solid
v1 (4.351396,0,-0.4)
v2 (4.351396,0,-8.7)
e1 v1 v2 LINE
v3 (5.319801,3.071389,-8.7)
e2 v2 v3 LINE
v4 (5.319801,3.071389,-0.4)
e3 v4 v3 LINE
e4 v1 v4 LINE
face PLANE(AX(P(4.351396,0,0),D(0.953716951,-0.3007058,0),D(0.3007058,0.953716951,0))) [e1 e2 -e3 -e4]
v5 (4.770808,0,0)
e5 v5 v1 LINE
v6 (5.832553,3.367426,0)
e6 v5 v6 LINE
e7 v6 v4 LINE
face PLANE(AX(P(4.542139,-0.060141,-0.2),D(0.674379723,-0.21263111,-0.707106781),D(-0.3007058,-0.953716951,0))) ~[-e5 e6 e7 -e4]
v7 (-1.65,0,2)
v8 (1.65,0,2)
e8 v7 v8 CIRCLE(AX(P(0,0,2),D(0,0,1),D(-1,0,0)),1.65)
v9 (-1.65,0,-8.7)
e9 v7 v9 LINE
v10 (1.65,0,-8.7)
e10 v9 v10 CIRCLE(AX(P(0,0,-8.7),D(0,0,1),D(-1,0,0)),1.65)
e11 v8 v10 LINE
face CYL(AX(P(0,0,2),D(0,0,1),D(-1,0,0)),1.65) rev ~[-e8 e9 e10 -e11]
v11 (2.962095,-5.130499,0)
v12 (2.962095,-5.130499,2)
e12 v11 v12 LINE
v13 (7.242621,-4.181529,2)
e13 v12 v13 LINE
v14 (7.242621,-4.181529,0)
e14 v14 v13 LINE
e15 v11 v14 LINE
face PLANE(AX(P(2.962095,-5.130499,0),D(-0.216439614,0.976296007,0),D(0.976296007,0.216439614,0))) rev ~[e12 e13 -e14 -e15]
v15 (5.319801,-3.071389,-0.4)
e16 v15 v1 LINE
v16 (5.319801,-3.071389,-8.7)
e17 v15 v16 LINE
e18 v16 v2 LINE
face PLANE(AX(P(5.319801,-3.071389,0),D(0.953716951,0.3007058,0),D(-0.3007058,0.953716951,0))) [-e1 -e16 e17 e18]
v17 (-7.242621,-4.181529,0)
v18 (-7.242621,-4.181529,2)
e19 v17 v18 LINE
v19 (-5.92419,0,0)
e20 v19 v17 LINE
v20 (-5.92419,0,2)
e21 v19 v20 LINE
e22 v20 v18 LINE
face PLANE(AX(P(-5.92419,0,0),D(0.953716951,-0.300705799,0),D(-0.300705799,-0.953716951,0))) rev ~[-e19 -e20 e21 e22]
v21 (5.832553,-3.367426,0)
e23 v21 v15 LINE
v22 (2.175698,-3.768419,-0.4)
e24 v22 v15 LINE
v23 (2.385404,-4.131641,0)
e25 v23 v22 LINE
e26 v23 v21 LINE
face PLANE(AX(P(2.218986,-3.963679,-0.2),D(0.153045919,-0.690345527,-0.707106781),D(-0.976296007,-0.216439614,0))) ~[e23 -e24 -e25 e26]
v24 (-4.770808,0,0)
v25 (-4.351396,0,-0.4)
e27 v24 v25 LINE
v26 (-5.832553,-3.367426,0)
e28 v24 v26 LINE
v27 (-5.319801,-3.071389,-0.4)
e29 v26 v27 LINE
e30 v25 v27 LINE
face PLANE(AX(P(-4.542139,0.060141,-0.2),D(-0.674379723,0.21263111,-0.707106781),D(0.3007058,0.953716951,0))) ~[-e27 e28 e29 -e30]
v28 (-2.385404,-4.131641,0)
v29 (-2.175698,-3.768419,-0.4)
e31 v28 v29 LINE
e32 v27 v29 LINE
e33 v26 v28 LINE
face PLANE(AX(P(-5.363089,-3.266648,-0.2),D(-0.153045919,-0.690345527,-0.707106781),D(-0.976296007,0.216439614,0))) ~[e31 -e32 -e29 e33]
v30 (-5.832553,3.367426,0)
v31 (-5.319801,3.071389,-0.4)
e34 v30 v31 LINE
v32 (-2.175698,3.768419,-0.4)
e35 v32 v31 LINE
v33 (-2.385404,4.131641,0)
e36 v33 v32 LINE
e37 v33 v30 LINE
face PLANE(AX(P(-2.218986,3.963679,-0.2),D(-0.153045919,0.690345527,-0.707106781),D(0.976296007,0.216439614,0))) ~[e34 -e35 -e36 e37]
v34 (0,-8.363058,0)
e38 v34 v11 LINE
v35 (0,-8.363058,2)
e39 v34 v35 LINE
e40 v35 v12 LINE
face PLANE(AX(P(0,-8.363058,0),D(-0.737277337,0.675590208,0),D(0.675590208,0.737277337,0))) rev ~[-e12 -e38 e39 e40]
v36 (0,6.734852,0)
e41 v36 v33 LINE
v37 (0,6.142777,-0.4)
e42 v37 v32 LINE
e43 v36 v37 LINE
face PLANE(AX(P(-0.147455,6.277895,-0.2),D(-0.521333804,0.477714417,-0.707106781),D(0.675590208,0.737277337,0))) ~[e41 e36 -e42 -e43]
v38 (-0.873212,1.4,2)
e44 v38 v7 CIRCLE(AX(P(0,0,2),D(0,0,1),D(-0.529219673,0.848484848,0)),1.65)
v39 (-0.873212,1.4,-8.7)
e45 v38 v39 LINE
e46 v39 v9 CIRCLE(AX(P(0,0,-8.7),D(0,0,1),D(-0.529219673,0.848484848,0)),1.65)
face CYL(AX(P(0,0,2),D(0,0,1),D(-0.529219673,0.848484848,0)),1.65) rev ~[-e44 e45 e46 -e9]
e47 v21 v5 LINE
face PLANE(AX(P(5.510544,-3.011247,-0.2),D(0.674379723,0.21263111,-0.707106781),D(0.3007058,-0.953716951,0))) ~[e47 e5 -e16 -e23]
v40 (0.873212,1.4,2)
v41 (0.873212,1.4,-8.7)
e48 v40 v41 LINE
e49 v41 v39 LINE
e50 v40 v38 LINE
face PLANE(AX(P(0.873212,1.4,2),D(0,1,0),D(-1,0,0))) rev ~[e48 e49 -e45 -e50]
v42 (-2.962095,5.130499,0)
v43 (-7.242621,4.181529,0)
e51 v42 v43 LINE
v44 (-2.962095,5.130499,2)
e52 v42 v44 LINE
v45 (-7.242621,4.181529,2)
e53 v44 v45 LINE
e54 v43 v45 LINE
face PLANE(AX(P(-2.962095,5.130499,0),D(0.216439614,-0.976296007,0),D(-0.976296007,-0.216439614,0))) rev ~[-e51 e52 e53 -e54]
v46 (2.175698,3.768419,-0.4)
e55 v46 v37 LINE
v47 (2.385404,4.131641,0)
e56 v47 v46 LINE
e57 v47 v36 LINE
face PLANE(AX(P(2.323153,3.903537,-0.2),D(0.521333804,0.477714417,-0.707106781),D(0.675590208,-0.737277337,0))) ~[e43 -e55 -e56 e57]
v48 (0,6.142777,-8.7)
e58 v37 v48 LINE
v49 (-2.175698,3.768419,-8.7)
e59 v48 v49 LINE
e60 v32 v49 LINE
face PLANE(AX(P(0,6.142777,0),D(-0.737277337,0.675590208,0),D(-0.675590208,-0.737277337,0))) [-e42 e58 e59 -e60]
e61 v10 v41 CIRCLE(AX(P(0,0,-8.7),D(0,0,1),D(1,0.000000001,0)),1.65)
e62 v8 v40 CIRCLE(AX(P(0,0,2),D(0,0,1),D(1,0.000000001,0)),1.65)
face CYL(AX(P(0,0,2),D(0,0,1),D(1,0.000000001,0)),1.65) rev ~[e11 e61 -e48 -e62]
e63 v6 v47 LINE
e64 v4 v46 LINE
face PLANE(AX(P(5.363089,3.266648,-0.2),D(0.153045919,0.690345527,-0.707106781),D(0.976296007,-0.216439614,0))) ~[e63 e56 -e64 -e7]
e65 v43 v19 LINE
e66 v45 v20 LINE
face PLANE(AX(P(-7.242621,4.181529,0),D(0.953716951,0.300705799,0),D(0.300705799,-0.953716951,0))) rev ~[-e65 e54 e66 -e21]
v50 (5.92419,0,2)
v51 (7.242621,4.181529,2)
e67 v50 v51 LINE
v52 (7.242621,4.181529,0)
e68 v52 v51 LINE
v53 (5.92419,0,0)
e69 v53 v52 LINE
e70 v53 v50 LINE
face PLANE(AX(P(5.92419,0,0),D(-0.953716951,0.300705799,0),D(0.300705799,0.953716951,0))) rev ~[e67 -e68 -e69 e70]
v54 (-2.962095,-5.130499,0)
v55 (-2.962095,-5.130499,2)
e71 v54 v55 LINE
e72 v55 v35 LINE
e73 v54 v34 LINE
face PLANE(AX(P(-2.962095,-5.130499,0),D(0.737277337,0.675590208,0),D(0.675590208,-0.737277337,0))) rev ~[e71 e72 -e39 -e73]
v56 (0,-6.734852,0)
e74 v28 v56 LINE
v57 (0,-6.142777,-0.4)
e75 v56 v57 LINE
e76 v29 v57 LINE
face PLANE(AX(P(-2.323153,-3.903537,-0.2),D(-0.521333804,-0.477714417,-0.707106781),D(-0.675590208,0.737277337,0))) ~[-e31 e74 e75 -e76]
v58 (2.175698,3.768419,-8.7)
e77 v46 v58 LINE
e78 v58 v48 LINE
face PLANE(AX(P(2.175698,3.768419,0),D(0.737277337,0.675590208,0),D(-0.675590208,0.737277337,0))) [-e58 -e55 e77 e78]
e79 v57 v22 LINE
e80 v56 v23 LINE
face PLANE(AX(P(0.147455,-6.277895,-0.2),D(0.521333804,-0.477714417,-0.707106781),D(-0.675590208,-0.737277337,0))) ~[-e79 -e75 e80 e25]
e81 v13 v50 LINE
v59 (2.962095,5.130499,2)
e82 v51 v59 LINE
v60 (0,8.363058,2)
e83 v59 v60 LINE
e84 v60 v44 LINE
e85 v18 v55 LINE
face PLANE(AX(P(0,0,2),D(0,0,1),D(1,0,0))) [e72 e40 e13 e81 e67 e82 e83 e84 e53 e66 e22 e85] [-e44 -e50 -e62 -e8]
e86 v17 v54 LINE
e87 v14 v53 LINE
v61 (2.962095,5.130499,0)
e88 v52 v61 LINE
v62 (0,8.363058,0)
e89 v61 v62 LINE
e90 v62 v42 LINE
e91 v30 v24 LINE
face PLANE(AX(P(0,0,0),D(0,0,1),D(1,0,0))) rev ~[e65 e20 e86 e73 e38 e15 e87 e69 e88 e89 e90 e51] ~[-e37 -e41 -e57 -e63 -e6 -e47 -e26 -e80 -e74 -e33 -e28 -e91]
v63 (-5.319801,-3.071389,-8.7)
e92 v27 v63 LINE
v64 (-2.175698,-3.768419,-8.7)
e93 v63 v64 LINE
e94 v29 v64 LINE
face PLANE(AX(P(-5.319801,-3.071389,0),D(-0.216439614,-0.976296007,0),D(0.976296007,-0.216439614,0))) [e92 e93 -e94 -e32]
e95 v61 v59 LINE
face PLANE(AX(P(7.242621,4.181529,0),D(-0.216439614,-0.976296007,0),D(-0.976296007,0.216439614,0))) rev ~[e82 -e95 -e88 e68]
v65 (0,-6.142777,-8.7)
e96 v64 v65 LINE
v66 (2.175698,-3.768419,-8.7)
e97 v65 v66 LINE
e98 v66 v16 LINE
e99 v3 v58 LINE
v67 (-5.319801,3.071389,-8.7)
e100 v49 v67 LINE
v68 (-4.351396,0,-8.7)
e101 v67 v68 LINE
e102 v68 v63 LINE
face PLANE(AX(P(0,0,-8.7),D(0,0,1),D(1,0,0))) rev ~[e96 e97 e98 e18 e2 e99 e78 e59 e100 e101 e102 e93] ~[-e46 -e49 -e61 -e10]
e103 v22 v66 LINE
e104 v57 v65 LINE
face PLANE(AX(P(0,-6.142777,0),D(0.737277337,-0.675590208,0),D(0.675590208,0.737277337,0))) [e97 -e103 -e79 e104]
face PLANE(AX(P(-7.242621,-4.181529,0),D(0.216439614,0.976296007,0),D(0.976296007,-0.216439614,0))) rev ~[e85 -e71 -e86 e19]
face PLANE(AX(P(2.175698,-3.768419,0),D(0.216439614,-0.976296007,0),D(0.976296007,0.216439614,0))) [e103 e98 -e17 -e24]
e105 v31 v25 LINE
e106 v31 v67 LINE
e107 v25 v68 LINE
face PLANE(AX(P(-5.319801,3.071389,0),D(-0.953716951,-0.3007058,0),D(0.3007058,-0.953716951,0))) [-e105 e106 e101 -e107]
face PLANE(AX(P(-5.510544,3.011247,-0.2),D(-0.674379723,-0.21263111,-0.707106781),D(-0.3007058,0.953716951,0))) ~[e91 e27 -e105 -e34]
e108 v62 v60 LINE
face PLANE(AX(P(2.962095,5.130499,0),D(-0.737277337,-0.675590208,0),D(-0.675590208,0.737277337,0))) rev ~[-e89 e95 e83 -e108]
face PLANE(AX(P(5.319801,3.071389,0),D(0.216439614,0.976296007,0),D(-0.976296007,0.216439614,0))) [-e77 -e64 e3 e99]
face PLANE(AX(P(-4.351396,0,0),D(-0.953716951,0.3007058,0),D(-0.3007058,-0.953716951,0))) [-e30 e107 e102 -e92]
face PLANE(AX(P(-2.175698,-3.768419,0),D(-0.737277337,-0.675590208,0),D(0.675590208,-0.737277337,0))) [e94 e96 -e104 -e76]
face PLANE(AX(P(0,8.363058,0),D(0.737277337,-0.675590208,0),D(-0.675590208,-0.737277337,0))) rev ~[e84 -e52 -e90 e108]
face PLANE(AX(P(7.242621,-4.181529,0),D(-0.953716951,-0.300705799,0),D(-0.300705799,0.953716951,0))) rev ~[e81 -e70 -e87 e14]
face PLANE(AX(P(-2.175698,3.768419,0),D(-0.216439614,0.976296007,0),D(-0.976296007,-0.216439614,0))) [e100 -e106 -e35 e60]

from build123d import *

# Parameters (mm, degrees)
BOSS_EXTRUDE1_DEPTH = 8.7
BOSS_EXTRUDE2_DEPTH = 2
CUT_EXTRUDE2_DEPTH  = 16.391110731
CHAMFER1_SIZE       = 0.4


with BuildPart() as part:
    # Sketch1 → Boss-Extrude1 (new body)
    with BuildSketch(Plane.XY):
        Polygon((2.175697935, 3.768419365), (0, 6.142777017), (-2.175697935, 3.768419365), (-5.319800946, 3.071388508), (-4.351395869, 0), (-5.319800946, -3.071388508), (-2.175697935, -3.768419365), (0, -6.142777017), (2.175697935, -3.768419365), (5.319800946, -3.071388508), (4.351395869, 0), (5.319800946, 3.071388508), align=None)
    extrude(amount=-BOSS_EXTRUDE1_DEPTH)

    # Sketch2 → Boss-Extrude2 (add)
    with BuildSketch(Plane.XY):
        Polygon((7.242620565, 4.181528933), (2.962094779, 5.130498653), (0, 8.363057866), (-2.962094779, 5.130498653), (-7.242620565, 4.181528933), (-5.924189557, 0), (-7.242620565, -4.181528933), (-2.962094779, -5.130498653), (0, -8.363057866), (2.962094779, -5.130498653), (7.242620565, -4.181528933), (5.924189557, 0), align=None)
    extrude(amount=BOSS_EXTRUDE2_DEPTH)

    # Sketch3 → Cut-Extrude2 (cut, through all)
    with BuildSketch(Plane.XY.offset(2)):
        with BuildLine():
            ThreePointArc((1.65, 0), (1.442792528, 0.800530899), (0.87321246, 1.4))
            Line((0.87321246, 1.4), (-0.87321246, 1.4))
            ThreePointArc((-0.87321246, 1.4), (-1.442792528, 0.800530899), (-1.65, 0))
            ThreePointArc((-1.65, 0), (0, -1.65), (1.65, 0))
        make_face()
    extrude(amount=-CUT_EXTRUDE2_DEPTH, mode=Mode.SUBTRACT)

    # Chamfer1
    chamfer1_edges = [part.edges().sort_by_distance(p)[0] for p in [
        (3.74774944, -3.419903937, 0),
        (1.087848967, -4.955598191, 0),
        (-1.087848967, -4.955598191, 0),
        (-3.74774944, -3.419903937, 0),
        (-4.835598408, -1.535694254, 0),
        (-4.835598408, 1.535694254, 0),
        (-3.74774944, 3.419903937, 0),
        (4.835598408, -1.535694254, 0),
        (4.835598408, 1.535694254, 0),
        (3.74774944, 3.419903937, 0),
        (1.087848967, 4.955598191, 0),
        (-1.087848967, 4.955598191, 0),
    ]]
    chamfer(chamfer1_edges, length=CHAMFER1_SIZE)


solid = part.part
